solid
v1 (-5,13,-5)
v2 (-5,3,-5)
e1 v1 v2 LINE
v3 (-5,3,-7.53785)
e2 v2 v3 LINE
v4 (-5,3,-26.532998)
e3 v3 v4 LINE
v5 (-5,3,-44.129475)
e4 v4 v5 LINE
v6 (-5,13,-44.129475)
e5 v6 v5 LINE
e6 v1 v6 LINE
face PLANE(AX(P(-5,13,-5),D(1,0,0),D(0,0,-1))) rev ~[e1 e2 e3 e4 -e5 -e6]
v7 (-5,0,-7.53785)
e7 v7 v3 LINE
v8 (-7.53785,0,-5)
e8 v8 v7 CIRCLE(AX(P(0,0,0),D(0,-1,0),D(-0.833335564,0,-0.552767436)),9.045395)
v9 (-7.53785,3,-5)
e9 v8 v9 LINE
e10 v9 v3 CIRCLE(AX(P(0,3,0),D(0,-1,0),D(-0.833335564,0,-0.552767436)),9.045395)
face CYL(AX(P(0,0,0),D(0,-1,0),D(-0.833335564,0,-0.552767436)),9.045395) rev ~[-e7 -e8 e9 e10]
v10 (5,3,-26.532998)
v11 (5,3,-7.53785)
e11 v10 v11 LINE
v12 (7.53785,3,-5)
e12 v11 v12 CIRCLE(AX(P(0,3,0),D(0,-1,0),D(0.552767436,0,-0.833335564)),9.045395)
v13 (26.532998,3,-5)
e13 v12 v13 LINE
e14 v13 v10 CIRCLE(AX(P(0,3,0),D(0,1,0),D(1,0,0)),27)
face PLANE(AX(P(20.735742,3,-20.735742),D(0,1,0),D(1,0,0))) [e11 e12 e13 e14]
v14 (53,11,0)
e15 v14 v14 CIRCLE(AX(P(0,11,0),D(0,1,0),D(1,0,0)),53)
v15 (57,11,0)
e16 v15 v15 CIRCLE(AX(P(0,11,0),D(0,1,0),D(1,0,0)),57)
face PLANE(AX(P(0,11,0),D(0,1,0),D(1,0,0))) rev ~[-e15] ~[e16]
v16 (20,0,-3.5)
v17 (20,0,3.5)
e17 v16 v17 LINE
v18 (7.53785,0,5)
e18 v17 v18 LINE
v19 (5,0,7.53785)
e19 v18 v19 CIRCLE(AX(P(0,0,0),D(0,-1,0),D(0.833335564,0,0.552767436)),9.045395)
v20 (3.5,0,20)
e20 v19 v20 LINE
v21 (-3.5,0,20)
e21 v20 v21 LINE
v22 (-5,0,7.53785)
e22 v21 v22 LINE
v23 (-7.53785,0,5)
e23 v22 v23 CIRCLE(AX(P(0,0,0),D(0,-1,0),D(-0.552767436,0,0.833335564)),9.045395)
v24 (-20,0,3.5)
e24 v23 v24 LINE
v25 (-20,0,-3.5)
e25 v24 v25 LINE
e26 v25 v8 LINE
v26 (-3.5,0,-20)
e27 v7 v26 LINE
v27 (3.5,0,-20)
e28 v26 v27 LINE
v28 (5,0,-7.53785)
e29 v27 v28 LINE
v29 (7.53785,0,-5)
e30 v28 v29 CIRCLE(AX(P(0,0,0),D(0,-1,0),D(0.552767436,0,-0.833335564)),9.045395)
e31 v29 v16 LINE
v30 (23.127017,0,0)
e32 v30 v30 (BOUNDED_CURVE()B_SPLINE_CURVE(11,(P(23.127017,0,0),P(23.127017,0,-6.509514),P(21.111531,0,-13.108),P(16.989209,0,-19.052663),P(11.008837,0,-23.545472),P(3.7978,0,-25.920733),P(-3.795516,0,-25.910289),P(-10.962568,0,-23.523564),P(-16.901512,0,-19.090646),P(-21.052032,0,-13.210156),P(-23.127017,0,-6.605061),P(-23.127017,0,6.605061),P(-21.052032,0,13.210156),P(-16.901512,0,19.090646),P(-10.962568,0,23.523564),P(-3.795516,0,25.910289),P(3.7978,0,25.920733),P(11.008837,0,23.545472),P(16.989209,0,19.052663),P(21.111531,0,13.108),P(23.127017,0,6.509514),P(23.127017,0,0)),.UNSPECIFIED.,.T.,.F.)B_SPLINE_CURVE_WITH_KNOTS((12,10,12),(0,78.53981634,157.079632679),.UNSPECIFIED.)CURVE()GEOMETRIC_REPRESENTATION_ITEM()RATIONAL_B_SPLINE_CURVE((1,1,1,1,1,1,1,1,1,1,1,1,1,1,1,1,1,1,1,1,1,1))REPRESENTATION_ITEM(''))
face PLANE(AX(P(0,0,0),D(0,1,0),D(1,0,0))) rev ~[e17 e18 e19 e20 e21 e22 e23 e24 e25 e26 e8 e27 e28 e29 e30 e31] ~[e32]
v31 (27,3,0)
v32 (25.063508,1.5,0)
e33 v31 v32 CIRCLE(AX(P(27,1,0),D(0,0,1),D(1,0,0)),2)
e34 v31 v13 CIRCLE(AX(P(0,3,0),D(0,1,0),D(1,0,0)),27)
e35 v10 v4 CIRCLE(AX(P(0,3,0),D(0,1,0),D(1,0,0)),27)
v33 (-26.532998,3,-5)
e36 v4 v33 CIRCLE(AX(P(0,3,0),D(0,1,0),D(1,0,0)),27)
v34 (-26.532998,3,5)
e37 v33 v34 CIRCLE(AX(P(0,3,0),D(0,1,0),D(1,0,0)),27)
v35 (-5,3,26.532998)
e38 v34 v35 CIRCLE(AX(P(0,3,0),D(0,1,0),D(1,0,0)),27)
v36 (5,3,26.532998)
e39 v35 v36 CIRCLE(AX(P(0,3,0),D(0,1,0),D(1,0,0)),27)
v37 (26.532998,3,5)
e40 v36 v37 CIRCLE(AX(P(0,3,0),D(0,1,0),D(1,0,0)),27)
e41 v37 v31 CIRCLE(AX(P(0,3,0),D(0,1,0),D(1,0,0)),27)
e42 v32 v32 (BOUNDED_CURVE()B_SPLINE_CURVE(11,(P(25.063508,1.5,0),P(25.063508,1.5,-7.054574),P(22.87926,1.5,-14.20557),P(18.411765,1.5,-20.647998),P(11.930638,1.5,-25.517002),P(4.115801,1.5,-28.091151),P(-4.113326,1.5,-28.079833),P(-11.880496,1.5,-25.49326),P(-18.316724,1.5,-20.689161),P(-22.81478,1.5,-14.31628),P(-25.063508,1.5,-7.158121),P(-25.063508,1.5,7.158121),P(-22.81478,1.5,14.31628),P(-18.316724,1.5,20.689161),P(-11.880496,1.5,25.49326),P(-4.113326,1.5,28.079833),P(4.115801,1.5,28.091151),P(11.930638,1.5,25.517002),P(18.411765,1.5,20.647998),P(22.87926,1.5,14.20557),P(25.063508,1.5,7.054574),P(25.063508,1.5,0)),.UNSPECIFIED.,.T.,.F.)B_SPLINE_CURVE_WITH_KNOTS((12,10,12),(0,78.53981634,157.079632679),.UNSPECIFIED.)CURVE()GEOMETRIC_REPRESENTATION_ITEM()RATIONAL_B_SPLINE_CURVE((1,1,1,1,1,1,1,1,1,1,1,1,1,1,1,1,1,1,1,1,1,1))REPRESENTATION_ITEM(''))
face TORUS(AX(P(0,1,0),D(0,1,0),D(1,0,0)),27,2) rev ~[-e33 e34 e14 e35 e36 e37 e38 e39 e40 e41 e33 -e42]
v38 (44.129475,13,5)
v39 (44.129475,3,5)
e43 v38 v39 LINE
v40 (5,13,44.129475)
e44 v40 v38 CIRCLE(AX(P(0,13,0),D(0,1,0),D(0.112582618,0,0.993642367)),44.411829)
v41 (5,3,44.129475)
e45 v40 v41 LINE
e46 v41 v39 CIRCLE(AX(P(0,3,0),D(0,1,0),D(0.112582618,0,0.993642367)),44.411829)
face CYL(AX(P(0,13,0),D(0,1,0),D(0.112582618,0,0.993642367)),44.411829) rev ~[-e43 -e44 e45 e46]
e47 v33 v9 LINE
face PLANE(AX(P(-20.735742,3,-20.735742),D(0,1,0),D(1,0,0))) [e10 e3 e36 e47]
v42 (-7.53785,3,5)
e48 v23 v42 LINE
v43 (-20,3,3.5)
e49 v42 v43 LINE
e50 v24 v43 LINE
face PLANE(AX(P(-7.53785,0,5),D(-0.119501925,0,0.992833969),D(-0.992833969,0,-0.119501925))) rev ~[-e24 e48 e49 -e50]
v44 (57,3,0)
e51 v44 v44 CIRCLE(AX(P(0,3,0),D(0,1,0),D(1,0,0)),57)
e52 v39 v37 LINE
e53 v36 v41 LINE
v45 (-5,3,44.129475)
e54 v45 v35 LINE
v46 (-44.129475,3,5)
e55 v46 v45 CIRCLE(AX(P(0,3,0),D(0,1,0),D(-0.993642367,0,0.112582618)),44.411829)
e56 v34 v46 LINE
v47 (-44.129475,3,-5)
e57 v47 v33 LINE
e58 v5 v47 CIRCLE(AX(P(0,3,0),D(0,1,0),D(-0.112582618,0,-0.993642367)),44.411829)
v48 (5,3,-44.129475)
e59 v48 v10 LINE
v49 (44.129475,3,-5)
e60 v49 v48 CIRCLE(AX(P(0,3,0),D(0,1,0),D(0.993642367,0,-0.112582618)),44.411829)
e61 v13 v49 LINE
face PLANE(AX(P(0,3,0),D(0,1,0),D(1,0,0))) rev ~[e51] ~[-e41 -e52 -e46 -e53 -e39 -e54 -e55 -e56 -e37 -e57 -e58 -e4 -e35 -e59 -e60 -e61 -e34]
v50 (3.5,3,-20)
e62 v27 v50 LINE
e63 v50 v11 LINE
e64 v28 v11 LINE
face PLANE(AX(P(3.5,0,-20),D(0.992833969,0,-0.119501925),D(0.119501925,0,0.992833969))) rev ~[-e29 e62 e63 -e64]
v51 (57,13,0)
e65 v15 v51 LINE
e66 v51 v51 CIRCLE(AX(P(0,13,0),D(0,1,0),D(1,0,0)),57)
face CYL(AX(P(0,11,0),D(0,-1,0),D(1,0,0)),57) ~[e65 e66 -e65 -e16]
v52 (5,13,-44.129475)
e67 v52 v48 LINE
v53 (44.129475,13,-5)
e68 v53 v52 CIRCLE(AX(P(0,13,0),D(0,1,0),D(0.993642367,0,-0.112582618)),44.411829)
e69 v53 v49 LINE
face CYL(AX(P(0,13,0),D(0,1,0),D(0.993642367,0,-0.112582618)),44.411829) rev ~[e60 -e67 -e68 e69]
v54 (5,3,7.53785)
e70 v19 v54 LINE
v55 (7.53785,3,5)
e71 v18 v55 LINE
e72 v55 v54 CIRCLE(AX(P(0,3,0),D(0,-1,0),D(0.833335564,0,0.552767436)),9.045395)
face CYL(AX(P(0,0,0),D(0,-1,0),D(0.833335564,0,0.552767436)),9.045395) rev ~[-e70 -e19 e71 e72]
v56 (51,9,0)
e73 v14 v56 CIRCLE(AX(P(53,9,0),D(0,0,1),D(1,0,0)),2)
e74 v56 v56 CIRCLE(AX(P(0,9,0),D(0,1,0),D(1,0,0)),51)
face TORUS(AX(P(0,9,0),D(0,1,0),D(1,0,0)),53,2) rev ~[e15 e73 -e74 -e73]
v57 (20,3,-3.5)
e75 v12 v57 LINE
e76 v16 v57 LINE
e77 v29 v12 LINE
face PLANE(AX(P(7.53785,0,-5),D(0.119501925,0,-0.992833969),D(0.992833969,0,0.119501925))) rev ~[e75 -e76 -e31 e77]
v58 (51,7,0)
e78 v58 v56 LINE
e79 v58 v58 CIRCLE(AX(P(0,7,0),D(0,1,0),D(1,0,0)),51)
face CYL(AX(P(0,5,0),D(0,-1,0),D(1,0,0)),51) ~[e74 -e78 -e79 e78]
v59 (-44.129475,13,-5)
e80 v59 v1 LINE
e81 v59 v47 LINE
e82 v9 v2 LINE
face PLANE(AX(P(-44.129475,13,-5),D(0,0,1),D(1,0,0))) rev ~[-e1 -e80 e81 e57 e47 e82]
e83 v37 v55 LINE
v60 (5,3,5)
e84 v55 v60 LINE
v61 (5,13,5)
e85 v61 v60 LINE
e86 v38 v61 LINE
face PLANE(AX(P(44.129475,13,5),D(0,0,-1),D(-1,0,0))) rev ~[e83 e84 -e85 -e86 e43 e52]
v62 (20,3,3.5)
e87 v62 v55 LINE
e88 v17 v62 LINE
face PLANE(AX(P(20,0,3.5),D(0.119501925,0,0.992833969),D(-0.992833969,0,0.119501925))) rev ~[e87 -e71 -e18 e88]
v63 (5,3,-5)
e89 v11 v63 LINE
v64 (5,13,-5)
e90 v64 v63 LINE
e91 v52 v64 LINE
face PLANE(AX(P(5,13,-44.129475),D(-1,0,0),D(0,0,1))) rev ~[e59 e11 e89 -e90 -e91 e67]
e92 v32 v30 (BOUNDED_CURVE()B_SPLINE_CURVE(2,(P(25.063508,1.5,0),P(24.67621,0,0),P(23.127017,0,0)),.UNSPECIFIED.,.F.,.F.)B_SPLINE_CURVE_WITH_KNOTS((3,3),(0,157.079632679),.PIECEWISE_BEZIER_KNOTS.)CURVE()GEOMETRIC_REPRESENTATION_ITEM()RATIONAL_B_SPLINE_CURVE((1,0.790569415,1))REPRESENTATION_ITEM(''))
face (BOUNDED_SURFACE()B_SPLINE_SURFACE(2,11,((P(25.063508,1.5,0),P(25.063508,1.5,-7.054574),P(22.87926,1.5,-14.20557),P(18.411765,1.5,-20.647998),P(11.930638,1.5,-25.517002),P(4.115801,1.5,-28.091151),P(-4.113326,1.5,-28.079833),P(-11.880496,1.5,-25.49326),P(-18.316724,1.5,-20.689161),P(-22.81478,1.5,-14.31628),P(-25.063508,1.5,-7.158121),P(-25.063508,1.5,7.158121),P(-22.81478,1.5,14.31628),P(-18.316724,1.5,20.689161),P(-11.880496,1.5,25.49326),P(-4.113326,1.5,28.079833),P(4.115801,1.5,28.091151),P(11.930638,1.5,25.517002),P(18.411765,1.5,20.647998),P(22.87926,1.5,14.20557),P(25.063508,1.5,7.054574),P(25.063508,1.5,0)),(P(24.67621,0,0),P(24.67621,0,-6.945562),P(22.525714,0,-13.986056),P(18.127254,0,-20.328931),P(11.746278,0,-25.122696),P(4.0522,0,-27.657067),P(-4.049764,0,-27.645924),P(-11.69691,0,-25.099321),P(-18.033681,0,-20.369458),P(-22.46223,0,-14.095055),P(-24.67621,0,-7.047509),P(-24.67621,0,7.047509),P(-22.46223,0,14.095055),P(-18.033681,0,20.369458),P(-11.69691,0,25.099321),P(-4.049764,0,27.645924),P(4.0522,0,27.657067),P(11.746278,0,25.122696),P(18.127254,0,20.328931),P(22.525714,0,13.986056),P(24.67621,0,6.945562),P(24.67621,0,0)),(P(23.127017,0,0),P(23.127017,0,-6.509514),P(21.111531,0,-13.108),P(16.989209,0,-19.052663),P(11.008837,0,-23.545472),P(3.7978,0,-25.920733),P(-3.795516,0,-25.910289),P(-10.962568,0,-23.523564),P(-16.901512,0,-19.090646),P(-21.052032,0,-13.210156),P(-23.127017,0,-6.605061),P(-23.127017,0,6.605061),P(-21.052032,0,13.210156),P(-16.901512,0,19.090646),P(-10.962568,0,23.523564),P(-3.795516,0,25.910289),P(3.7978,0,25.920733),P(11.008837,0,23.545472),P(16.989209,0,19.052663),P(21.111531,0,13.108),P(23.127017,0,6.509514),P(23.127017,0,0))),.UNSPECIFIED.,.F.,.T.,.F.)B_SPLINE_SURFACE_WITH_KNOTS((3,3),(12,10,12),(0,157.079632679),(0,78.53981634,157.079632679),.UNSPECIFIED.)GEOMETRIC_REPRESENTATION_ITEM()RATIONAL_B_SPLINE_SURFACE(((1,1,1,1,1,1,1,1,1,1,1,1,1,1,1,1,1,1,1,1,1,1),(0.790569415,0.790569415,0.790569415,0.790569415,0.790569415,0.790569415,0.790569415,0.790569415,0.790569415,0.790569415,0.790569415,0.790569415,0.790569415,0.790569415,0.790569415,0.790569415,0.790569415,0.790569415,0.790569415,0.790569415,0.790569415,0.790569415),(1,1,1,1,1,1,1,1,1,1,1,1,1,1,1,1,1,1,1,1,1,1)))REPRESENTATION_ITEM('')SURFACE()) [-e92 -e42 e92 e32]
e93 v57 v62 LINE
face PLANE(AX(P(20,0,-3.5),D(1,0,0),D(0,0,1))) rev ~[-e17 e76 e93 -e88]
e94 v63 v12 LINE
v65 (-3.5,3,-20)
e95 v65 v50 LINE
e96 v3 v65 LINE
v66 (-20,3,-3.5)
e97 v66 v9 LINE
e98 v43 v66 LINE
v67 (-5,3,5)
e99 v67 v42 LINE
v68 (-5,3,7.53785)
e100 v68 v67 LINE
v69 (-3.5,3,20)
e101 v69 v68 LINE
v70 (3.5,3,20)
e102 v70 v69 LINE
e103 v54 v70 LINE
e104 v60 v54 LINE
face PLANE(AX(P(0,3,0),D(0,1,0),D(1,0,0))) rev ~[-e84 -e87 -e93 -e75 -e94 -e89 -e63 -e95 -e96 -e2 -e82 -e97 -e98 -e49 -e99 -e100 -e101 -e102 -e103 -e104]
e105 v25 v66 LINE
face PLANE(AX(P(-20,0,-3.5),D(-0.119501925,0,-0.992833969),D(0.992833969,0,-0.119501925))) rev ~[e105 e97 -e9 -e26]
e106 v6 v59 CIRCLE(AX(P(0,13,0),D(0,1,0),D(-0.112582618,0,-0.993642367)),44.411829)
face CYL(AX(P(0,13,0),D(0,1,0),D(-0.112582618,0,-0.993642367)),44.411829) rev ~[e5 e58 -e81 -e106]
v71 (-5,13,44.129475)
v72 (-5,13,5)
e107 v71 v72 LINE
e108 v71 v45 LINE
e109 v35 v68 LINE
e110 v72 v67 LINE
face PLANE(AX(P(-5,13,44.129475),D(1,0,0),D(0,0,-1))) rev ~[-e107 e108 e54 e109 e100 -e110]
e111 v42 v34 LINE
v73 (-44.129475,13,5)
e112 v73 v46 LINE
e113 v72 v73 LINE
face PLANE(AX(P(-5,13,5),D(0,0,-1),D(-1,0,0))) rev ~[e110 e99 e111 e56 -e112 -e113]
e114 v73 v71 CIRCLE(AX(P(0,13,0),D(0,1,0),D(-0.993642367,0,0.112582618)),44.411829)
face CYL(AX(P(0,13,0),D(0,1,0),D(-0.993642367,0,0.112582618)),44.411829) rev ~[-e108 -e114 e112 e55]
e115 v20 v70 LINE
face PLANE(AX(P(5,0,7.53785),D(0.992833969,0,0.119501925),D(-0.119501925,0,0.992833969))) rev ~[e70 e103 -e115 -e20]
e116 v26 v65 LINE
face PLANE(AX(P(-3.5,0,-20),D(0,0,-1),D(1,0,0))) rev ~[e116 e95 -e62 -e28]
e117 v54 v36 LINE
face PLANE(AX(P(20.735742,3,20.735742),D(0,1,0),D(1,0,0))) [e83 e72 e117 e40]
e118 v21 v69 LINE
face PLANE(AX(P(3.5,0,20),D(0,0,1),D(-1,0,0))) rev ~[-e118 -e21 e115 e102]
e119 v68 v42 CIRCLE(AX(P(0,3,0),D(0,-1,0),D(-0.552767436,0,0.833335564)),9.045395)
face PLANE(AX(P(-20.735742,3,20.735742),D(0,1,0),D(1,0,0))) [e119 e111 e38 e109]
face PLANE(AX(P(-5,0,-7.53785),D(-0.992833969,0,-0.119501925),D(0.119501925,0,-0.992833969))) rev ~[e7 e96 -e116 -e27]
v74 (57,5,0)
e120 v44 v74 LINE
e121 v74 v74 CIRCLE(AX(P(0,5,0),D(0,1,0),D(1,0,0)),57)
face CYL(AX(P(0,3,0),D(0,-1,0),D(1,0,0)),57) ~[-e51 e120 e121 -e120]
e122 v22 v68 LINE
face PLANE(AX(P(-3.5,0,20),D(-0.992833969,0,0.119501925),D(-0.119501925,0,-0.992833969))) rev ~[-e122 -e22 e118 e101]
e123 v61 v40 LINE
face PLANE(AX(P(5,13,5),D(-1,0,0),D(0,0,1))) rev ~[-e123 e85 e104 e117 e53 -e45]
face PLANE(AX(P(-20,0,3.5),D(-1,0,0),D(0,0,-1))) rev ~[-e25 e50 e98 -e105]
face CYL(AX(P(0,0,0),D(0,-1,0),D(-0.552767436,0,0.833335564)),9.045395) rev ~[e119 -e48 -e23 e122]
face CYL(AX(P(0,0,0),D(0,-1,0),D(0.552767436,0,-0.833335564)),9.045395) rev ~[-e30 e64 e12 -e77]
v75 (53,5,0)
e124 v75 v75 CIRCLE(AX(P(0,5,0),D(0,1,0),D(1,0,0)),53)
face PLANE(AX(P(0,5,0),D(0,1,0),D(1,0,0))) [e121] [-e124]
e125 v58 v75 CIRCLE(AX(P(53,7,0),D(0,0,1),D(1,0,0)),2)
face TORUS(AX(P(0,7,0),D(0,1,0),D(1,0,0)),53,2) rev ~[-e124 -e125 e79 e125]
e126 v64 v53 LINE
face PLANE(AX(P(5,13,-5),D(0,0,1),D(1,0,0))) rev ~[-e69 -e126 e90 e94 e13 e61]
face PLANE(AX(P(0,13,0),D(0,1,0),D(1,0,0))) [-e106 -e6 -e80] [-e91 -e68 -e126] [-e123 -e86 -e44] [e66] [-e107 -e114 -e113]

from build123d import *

# Parameters (mm, degrees)
SKETCH1_R            = 25
BOSS_EXTRUDE2_DEPTH  = 3
SKETCH3_R            = 57
BOSS_EXTRUDE10_DEPTH = 2
SKETCH8_R            = 51
SKETCH8_R_2          = 45
BOSS_EXTRUDE11_DEPTH = 6
SKETCH9_R            = 10
BOSS_EXTRUDE12_DEPTH = 6
SKETCH10_R           = 57
BOSS_EXTRUDE13_DEPTH = 2
FILLET1_R            = 2
FILLET2_R            = 2
FILLET3_R            = 2
FILLET4_R            = 2
SKETCH11_R           = 50
BOSS_EXTRUDE14_DEPTH = 10
CUT_EXTRUDE3_DEPTH   = 10


with BuildPart() as part:
    # Sketch1 → Boss-Extrude2 (new body)
    with BuildSketch(Plane(origin=(0, 0, 0), x_dir=(1, 0, 0), z_dir=(0, 1, 0))):
        Circle(SKETCH1_R)
        with BuildLine():
            Line((20, -3.5), (7.537849637, -5))
            ThreePointArc((7.537849637, -5), (6.396060395, -6.396060395), (5, -7.537849637))
            Line((5, -7.537849637), (3.5, -20))
            Line((3.5, -20), (-3.5, -20))
            Line((-3.5, -20), (-5, -7.537849637))
            ThreePointArc((-5, -7.537849637), (-6.396060395, -6.396060395), (-7.537849637, -5))
            Line((-7.537849637, -5), (-20, -3.5))
            Line((-20, -3.5), (-20, 3.5))
            Line((-20, 3.5), (-7.537849637, 5))
            ThreePointArc((-7.537849637, 5), (-6.396060395, 6.396060395), (-5, 7.537849637))
            Line((-5, 7.537849637), (-3.5, 20))
            Line((-3.5, 20), (3.5, 20))
            Line((3.5, 20), (5, 7.537849637))
            ThreePointArc((5, 7.537849637), (6.396060395, 6.396060395), (7.537849637, 5))
            Line((7.537849637, 5), (20, 3.5))
            Line((20, 3.5), (20, -3.5))
        make_face(mode=Mode.SUBTRACT)
    extrude(amount=BOSS_EXTRUDE2_DEPTH)

    # Sketch3 → Boss-Extrude10 (add)
    with BuildSketch(Plane(origin=(0, 3, 0), x_dir=(1, 0, 0), z_dir=(0, 1, 0))):
        Circle(SKETCH3_R)
    extrude(amount=BOSS_EXTRUDE10_DEPTH)

    # Sketch8 → Boss-Extrude11 (add)
    with BuildSketch(Plane(origin=(0, 5, 0), x_dir=(1, 0, 0), z_dir=(0, 1, 0))):
        Circle(SKETCH8_R)
        Circle(SKETCH8_R_2, mode=Mode.SUBTRACT)
    extrude(amount=BOSS_EXTRUDE11_DEPTH)

    # Sketch9 → Boss-Extrude12 (add)
    with BuildSketch(Plane(origin=(0, 5, 0), x_dir=(1, 0, 0), z_dir=(0, 1, 0))):
        Circle(SKETCH9_R)
    extrude(amount=BOSS_EXTRUDE12_DEPTH)

    # Sketch10 → Boss-Extrude13 (add)
    with BuildSketch(Plane(origin=(0, 11, 0), x_dir=(1, 0, 0), z_dir=(0, 1, 0))):
        Circle(SKETCH10_R)
    extrude(amount=BOSS_EXTRUDE13_DEPTH)

    # Fillet1
    fillet1_edges = [part.edges().sort_by_distance(p)[0] for p in [
        (-51, 11, 0),
    ]]
    fillet(fillet1_edges, radius=FILLET1_R)

    # Fillet2
    fillet2_edges = [part.edges().sort_by_distance(p)[0] for p in [
        (-51, 5, 0),
    ]]
    fillet(fillet2_edges, radius=FILLET2_R)

    # Fillet3
    fillet3_edges = [part.edges().sort_by_distance(p)[0] for p in [
        (-25, 3, 0),
    ]]
    fillet(fillet3_edges, radius=FILLET3_R)

    # Fillet4
    fillet4_edges = [part.edges().sort_by_distance(p)[0] for p in [
        (-25, 0, 0),
    ]]
    fillet(fillet4_edges, radius=FILLET4_R)

    # Sketch11 → Boss-Extrude14 (add)
    with BuildSketch(Plane(origin=(0, 13, 0), x_dir=(1, 0, 0), z_dir=(0, 1, 0))):
        Circle(SKETCH11_R)
    extrude(amount=-BOSS_EXTRUDE14_DEPTH)

    # Sketch12 → Cut-Extrude3 (cut)
    with BuildSketch(Plane(origin=(0, 13, 0), x_dir=(1, 0, 0), z_dir=(0, 1, 0))):
        with BuildLine():
            Line((44.129475009, -5), (5, -5))
            Line((5, -5), (5, -44.129475009))
            ThreePointArc((5, -44.129475009), (31.403905526, -31.403905526), (44.129475009, -5))
        make_face()
        with BuildLine():
            Line((5, 5), (44.129475009, 5))
            ThreePointArc((44.129475009, 5), (31.403905526, 31.403905526), (5, 44.129475009))
            Line((5, 44.129475009), (5, 5))
        make_face()
        with BuildLine():
            Line((-44.129475009, 5), (-5, 5))
            Line((-5, 5), (-5, 44.129475009))
            ThreePointArc((-5, 44.129475009), (-31.403905526, 31.403905526), (-44.129475009, 5))
        make_face()
        with BuildLine():
            Line((-5, -44.129475009), (-5, -5))
            Line((-5, -5), (-44.129475009, -5))
            ThreePointArc((-44.129475009, -5), (-31.403905526, -31.403905526), (-5, -44.129475009))
        make_face()
    extrude(amount=-CUT_EXTRUDE3_DEPTH, mode=Mode.SUBTRACT)


solid = part.part
